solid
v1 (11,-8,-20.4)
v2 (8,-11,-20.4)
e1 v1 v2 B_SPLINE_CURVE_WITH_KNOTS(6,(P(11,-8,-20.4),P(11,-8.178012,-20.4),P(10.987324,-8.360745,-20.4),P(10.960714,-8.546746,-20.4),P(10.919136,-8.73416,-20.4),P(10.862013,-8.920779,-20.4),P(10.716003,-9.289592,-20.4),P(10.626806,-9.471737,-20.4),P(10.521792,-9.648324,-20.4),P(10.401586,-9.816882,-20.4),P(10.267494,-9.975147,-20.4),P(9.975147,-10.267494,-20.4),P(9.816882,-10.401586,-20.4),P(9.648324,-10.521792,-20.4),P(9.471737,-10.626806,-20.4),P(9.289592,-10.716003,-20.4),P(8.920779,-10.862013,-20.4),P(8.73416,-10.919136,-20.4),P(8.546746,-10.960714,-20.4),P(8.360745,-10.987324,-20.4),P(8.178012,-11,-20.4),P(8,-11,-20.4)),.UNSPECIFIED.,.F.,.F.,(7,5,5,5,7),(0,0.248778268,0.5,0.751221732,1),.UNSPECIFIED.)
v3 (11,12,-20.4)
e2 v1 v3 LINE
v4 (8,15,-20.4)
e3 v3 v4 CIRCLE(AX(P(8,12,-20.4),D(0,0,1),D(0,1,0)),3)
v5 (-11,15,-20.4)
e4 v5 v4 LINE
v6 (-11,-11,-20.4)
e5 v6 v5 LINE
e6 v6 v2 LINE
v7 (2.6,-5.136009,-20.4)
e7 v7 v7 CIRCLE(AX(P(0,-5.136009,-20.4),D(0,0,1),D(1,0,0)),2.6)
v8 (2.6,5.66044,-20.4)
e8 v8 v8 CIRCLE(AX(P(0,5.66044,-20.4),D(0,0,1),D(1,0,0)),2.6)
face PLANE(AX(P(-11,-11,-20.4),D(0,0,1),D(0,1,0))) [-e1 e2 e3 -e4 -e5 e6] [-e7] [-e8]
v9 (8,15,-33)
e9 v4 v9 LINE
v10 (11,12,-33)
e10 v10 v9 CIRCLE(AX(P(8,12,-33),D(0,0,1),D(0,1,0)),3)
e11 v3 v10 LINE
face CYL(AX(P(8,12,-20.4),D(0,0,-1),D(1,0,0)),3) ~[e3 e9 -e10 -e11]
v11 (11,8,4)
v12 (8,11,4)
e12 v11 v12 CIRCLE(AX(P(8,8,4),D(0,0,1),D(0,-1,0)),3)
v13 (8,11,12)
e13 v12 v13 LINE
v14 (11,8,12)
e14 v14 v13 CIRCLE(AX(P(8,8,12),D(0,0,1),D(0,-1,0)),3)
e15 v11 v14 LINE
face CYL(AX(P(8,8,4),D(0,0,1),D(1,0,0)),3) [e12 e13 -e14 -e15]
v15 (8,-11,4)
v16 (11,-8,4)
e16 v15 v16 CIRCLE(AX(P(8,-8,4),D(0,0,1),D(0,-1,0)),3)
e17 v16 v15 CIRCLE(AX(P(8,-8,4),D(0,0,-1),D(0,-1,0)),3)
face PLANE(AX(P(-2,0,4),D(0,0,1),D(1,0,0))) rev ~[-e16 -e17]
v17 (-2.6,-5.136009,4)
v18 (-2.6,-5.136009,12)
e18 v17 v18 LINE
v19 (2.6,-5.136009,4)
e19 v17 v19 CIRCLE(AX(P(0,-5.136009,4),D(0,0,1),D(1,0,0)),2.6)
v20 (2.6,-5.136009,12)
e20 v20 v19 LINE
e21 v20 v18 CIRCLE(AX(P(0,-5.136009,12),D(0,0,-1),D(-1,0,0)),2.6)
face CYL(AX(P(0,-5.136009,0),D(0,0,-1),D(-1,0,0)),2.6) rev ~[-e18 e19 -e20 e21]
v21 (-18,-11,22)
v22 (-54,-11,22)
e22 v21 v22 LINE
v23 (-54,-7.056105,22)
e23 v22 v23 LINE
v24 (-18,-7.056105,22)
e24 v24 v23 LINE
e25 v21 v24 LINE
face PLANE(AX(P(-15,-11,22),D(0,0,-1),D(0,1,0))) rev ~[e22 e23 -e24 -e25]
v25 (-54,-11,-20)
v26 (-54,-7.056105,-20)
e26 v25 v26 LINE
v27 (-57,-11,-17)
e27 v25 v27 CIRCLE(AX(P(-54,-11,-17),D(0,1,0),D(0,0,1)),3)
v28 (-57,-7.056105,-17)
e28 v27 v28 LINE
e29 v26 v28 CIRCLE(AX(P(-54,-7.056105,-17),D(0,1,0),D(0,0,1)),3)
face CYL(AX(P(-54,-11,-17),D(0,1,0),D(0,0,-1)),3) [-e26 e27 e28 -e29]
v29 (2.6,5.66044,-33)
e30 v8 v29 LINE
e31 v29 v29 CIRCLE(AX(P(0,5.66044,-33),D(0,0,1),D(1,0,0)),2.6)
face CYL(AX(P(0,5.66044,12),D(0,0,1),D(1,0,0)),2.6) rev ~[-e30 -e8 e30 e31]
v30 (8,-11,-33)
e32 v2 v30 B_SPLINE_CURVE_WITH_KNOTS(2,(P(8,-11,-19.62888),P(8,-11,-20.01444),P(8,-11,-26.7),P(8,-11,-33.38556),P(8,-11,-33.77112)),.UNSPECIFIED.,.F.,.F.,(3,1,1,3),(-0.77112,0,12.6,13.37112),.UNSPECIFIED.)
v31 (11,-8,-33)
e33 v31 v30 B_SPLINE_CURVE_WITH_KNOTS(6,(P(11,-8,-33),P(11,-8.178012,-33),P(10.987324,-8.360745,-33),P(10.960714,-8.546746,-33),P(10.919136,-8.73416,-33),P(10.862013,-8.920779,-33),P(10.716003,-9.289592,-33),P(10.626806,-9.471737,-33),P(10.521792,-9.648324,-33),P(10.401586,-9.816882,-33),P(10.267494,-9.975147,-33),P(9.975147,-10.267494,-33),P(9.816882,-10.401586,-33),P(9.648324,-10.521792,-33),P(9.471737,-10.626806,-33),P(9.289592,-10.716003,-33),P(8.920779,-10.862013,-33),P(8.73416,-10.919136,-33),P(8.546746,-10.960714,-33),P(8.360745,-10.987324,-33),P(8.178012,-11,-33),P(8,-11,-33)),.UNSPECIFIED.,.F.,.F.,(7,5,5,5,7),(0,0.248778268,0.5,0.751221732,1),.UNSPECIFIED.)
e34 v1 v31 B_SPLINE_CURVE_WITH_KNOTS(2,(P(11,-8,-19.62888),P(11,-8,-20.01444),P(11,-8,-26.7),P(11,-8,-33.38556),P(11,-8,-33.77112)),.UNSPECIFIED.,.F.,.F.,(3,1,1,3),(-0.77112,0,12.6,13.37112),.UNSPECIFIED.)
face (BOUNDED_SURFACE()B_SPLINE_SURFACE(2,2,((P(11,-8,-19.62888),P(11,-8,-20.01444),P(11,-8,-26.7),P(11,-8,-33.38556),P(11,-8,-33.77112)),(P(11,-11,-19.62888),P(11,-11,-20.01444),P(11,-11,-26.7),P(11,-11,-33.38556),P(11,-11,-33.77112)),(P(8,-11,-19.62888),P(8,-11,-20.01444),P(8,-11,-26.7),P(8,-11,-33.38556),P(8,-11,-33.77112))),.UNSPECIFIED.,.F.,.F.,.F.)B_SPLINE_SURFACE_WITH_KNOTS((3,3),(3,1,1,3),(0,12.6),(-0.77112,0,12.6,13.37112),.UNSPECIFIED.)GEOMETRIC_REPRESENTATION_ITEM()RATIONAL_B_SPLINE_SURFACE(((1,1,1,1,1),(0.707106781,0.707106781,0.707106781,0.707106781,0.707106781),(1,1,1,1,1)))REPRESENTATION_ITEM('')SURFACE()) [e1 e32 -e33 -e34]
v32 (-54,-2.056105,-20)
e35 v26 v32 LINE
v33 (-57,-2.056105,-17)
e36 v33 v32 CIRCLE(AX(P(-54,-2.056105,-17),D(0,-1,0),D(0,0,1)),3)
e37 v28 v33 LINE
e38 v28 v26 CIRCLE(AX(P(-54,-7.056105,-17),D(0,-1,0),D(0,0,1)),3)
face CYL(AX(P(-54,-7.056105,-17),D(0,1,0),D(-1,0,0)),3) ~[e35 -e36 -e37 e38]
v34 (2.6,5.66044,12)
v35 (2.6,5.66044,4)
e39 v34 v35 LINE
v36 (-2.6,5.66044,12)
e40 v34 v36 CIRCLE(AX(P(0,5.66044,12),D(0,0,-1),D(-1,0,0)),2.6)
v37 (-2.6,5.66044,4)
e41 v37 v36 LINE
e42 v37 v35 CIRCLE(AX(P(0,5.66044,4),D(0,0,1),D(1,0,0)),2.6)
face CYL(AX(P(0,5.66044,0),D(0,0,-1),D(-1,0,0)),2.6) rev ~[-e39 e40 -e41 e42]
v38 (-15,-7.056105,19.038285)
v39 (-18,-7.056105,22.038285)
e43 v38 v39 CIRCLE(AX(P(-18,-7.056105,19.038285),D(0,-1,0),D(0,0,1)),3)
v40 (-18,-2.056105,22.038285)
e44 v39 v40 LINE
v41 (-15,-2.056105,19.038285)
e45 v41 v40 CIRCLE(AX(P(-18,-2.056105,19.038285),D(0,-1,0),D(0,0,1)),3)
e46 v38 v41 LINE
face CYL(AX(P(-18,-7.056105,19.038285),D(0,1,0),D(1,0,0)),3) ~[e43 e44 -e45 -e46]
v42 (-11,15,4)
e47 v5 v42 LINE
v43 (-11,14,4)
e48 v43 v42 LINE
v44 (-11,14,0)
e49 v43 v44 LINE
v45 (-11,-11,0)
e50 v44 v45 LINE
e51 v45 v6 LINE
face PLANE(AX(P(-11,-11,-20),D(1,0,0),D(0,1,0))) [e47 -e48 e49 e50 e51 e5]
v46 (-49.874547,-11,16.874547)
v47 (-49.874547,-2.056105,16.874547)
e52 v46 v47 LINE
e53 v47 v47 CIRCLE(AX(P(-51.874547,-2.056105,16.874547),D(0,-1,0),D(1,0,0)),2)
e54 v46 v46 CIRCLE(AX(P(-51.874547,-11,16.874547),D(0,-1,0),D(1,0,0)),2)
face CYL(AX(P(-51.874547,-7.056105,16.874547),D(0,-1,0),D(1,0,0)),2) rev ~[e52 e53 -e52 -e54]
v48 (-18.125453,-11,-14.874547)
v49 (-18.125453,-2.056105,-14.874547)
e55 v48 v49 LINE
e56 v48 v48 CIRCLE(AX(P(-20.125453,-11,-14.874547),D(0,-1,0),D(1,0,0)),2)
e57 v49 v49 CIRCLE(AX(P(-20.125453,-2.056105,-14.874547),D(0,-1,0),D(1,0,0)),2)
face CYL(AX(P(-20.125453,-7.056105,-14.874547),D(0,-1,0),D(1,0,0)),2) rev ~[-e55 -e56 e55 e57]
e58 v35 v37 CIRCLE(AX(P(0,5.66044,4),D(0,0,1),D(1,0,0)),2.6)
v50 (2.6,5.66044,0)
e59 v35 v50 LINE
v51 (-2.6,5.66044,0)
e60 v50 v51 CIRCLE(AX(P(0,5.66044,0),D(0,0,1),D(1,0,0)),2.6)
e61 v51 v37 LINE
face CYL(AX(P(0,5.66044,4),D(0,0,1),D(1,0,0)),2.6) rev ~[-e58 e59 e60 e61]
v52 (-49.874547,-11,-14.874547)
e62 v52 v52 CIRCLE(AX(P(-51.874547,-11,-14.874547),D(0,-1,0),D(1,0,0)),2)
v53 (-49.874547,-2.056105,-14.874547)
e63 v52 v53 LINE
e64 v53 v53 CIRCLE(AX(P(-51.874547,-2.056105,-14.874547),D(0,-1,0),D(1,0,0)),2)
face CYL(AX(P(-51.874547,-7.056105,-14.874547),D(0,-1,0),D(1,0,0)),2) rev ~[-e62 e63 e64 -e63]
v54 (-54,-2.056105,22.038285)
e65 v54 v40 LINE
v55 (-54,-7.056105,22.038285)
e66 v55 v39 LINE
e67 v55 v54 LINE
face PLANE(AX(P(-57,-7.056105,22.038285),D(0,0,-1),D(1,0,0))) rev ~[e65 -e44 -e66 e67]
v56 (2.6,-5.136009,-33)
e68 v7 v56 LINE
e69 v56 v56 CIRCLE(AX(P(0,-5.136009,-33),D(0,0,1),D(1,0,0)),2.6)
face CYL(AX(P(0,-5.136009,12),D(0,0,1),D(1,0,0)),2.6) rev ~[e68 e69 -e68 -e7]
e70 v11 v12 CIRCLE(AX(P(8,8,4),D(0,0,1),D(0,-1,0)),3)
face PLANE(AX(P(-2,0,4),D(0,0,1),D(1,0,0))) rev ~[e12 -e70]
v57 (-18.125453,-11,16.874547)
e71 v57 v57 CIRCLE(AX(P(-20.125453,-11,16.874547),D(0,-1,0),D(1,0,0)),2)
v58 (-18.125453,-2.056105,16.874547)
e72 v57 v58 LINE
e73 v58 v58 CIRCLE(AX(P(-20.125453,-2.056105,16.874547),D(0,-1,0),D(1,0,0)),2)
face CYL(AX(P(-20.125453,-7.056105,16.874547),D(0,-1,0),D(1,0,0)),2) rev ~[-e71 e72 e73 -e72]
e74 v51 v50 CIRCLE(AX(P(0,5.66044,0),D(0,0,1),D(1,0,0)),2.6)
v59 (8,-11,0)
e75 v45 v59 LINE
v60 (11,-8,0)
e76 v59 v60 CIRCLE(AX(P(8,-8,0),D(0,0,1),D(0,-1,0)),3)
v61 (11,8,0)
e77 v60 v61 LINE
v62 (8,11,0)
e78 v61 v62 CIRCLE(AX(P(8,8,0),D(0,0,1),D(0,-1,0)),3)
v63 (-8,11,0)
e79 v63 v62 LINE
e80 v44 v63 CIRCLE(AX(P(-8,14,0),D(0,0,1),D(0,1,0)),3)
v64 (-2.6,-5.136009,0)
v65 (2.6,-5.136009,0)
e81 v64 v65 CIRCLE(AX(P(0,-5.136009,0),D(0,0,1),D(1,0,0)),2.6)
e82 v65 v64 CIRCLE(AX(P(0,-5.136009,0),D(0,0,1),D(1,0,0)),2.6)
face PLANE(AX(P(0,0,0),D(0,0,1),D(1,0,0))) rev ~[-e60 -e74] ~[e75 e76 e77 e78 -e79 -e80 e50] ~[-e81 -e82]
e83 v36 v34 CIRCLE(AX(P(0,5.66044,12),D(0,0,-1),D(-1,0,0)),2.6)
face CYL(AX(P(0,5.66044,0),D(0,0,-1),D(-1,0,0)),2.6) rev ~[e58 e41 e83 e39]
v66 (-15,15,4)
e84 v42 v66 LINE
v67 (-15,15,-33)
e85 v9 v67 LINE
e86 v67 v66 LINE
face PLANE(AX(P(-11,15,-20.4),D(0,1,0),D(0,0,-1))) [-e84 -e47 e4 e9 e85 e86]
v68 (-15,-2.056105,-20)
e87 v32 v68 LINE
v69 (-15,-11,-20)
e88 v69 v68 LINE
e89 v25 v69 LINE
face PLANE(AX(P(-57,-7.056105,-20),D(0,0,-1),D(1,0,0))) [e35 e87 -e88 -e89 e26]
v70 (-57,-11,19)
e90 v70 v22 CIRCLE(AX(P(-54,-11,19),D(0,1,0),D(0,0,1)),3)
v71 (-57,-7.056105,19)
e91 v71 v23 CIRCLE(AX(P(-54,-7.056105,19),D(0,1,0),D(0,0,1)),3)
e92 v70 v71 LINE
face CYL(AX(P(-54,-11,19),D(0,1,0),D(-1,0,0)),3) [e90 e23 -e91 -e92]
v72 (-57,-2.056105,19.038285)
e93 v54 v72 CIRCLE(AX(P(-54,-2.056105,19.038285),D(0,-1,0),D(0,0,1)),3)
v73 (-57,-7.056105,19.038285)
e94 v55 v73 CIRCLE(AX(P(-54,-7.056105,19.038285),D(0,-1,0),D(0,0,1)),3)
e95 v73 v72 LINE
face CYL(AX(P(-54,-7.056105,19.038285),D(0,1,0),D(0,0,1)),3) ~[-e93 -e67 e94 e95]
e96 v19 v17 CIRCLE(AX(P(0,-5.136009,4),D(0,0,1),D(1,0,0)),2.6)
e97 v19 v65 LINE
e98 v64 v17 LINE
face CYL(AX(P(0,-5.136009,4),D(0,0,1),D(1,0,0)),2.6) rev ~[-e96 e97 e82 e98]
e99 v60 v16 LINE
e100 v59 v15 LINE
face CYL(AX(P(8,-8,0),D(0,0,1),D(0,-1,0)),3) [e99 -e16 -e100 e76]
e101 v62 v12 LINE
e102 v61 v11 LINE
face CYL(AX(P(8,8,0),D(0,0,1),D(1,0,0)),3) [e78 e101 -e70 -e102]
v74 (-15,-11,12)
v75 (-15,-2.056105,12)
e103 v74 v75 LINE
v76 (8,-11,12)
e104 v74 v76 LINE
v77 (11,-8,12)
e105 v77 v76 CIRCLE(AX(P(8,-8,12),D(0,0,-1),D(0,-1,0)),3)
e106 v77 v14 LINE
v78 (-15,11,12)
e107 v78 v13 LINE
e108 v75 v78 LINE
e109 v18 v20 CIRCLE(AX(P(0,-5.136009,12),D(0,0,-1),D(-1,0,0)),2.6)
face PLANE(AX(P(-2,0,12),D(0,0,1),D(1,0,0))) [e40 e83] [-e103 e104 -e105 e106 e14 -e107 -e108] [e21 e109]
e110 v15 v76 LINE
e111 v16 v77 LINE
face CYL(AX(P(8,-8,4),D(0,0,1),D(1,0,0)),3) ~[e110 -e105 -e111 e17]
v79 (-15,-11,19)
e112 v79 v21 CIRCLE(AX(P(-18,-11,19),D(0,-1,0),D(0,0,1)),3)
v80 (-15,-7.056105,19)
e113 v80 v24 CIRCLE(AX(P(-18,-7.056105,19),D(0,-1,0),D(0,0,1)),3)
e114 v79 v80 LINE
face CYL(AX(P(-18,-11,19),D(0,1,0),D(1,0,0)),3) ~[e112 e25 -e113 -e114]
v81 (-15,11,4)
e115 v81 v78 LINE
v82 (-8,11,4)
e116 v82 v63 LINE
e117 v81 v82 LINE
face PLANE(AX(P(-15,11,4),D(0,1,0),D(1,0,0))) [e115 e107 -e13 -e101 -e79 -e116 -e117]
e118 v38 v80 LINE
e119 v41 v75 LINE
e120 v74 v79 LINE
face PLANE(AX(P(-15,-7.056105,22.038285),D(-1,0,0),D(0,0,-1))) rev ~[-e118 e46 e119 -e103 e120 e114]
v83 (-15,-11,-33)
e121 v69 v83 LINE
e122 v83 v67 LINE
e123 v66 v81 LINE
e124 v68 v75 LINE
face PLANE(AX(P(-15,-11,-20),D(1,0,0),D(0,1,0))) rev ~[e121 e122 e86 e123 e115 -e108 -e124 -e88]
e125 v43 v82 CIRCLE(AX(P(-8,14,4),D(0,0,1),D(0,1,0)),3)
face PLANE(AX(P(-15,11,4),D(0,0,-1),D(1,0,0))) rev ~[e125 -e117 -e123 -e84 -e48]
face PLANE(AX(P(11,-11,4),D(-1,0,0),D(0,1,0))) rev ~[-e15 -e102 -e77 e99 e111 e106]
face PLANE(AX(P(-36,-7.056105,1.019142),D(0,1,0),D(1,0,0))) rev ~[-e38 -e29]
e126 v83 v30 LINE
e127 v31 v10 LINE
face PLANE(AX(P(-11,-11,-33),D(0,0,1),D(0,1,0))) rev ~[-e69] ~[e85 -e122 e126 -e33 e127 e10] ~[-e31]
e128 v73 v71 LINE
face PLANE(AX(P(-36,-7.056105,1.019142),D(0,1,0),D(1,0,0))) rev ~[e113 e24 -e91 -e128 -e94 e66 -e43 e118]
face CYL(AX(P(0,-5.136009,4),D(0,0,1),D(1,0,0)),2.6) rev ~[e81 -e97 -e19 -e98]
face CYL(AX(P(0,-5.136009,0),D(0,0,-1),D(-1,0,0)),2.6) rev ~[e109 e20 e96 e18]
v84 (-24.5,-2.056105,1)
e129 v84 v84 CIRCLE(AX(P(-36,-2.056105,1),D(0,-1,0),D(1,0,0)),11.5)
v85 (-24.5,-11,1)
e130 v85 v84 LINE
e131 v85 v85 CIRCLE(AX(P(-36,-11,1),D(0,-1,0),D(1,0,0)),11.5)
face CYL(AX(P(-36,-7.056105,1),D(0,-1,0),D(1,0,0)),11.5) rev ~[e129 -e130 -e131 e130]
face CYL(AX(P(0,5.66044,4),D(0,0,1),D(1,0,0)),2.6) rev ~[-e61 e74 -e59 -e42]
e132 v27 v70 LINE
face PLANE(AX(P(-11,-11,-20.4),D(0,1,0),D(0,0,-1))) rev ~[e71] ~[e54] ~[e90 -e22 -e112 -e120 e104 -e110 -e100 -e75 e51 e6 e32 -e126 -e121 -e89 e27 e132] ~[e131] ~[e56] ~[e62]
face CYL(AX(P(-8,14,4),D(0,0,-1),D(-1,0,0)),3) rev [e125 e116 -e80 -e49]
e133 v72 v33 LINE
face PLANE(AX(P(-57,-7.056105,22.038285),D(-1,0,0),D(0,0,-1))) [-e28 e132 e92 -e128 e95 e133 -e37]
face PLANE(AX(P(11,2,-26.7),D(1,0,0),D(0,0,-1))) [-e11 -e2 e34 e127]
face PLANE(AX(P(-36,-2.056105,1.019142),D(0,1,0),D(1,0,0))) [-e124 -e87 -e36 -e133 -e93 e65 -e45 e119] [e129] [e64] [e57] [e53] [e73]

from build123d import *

# Parameters (mm, degrees)
SKETCH1_W            = 22
SKETCH1_H            = 22
BOSS_EXTRUDE2_DEPTH  = 4
SKETCH3_W            = 4
SKETCH3_H            = 22
BOSS_EXTRUDE3_DEPTH  = 24
SKETCH4_W            = 4
SKETCH4_H            = 24
BOSS_EXTRUDE4_DEPTH  = 4
SKETCH5_W            = 24
SKETCH5_H            = 4
BOSS_EXTRUDE5_DEPTH  = 24
SKETCH6_W            = 42
SKETCH6_H            = 3.943894778
BOSS_EXTRUDE6_DEPTH  = 42
SKETCH8_W            = 42
SKETCH8_H            = 42
BOSS_EXTRUDE7_DEPTH  = 4
SKETCH9_R            = 11.5
CUT_EXTRUDE1_DEPTH   = 4
SKETCH10_R           = 2.6
CUT_EXTRUDE2_DEPTH   = 4
SKETCH11_R           = 2.6
CUT_EXTRUDE3_DEPTH   = 4
FILLET1_R            = 3
SKETCH12_W           = 11.614383954
SKETCH12_H           = 9.896110461
BOSS_EXTRUDE8_DEPTH  = 4
SKETCH13_R           = 2.6
CUT_EXTRUDE5_DEPTH   = 4
SKETCH15_R           = 2
CUT_EXTRUDE7_DEPTH   = 27
SKETCH16_W           = 42
SKETCH16_H           = 42
CUT_EXTRUDE8_DEPTH   = 10
SKETCH17_W           = 42
SKETCH17_H           = 42.03828493
BOSS_EXTRUDE9_DEPTH  = 5
FILLET2_R            = 3
FILLET3_R            = 3
SKETCH18_R           = 2
SKETCH18_R_2         = 11.5
CUT_EXTRUDE9_DEPTH   = 5
SKETCH19_W           = 26
SKETCH19_H           = 22
BOSS_EXTRUDE11_DEPTH = 8
FILLET4_R            = 3
FILLET5_R            = 3
SKETCH20_W           = 4
SKETCH20_H           = 20
BOSS_EXTRUDE12_DEPTH = 26
SKETCH21_W           = 4
SKETCH21_H           = 26
BOSS_EXTRUDE13_DEPTH = 13
SKETCH25_W           = 12.6
SKETCH25_H           = 26
BOSS_EXTRUDE15_DEPTH = 22
FILLET8_R            = 3
FILLET9_R            = 3
SKETCH27_R           = 2.6
CUT_EXTRUDE10_DEPTH  = 22
SKETCH28_R           = 2.6
CUT_EXTRUDE11_DEPTH  = 46.0000001


with BuildPart() as part:
    # Sketch1 → Boss-Extrude2 (new body)
    with BuildSketch(Plane.XY):
        Rectangle(SKETCH1_W, SKETCH1_H)
    extrude(amount=BOSS_EXTRUDE2_DEPTH)

    # Sketch3 → Boss-Extrude3 (add)
    with BuildSketch(Plane.XY.offset(4)):
        with Locations((-13, 0)):
            Rectangle(SKETCH3_W, SKETCH3_H)
    extrude(amount=-BOSS_EXTRUDE3_DEPTH)

    # Sketch4 → Boss-Extrude4 (add)
    with BuildSketch(Plane(origin=(0, 11, 0), x_dir=(1, 0, 0), z_dir=(0, 1, 0))):
        with Locations((-13, 8)):
            Rectangle(SKETCH4_W, SKETCH4_H)
    extrude(amount=BOSS_EXTRUDE4_DEPTH)

    # Sketch5 → Boss-Extrude5 (add)
    with BuildSketch(Plane(origin=(-11, 0, 0), x_dir=(0, 0, -1), z_dir=(1, 0, 0))):
        with Locations((8, 13)):
            Rectangle(SKETCH5_W, SKETCH5_H)
    extrude(amount=-BOSS_EXTRUDE5_DEPTH)

    # Sketch6 → Boss-Extrude6 (add)
    with BuildSketch(Plane.ZY.offset(15)):
        with Locations((1, -9.028052611)):
            Rectangle(SKETCH6_W, SKETCH6_H)
    extrude(amount=BOSS_EXTRUDE6_DEPTH)

    # Sketch8 → Boss-Extrude7 (add)
    with BuildSketch(Plane(origin=(0, 15, 0), x_dir=(1, 0, 0), z_dir=(0, 1, 0))):
        with Locations((-36, -1)):
            Rectangle(SKETCH8_W, SKETCH8_H)
    extrude(amount=-BOSS_EXTRUDE7_DEPTH)

    # Sketch9 → Cut-Extrude1 (cut)
    with BuildSketch(Plane.XZ.offset(11)):
        with Locations((-36, 1)):
            Circle(SKETCH9_R)
    extrude(amount=-CUT_EXTRUDE1_DEPTH, mode=Mode.SUBTRACT)

    # Sketch10 → Cut-Extrude2 (cut)
    with BuildSketch(Plane(origin=(0, 15, 0), x_dir=(1, 0, 0), z_dir=(0, 1, 0))):
        with Locations((-34, -1)):
            Circle(SKETCH10_R)
    extrude(amount=-CUT_EXTRUDE2_DEPTH, mode=Mode.SUBTRACT)

    # Sketch11 → Cut-Extrude3 (cut)
    with BuildSketch(Plane.XY.offset(4)):
        with Locations((0, 5.660439733)):
            Circle(SKETCH11_R)
        with Locations((0, -5.136008772)):
            Circle(SKETCH11_R)
    extrude(amount=-CUT_EXTRUDE3_DEPTH, mode=Mode.SUBTRACT)

    # Fillet1
    fillet1_edges = [part.edges().sort_by_distance(p)[0] for p in [
        (-11, 2, -20),
        (-11, 11, 2),
        (-15, -9.028052611, 22),
        (-57, -9.028052611, -20),
        (-57, -9.028052611, 22),
        (11, -11, 2),
        (11, 11, 2),
        (-57, 13, 22),
        (-57, 13, -20),
        (-15, 13, 22),
    ]]
    fillet(fillet1_edges, radius=FILLET1_R)

    # Sketch12 → Boss-Extrude8 (add)
    with BuildSketch(Plane(origin=(0, 15, 0), x_dir=(1, 0, 0), z_dir=(0, 1, 0))):
        with Locations((-34.256477643, -1.105652727)):
            Rectangle(SKETCH12_W, SKETCH12_H)
    extrude(amount=-BOSS_EXTRUDE8_DEPTH)

    # Sketch13 → Cut-Extrude5 (cut)
    with BuildSketch(Plane.XZ.offset(-11)):
        with Locations((-36, 1)):
            Circle(SKETCH13_R)
    extrude(amount=-CUT_EXTRUDE5_DEPTH, mode=Mode.SUBTRACT)

    # Sketch15 → Cut-Extrude7 (cut, through all)
    with BuildSketch(Plane.XZ.offset(11)):
        with Locations((-20.125452762, 16.874547238)):
            Circle(SKETCH15_R)
        with Locations((-51.874547238, 16.874547238)):
            Circle(SKETCH15_R)
        with Locations((-51.874547238, -14.874547238)):
            Circle(SKETCH15_R)
        with Locations((-20.125452762, -14.874547238)):
            Circle(SKETCH15_R)
    extrude(amount=-CUT_EXTRUDE7_DEPTH, mode=Mode.SUBTRACT)

    # Sketch16 → Cut-Extrude8 (cut)
    with BuildSketch(Plane.XZ.offset(-11)):
        with Locations((-36, 1)):
            Rectangle(SKETCH16_W, SKETCH16_H)
    extrude(amount=-CUT_EXTRUDE8_DEPTH, mode=Mode.SUBTRACT)

    # Sketch17 → Boss-Extrude9 (add)
    with BuildSketch(Plane(origin=(0, -7.056105222, 0), x_dir=(1, 0, 0), z_dir=(0, 1, 0))):
        with Locations((-36, -1.019142465)):
            Rectangle(SKETCH17_W, SKETCH17_H)
    extrude(amount=BOSS_EXTRUDE9_DEPTH)

    # Fillet2
    fillet2_edges = [part.edges().sort_by_distance(p)[0] for p in [
        (-15, -4.556105222, 22.03828493),
    ]]
    fillet(fillet2_edges, radius=FILLET2_R)

    # Fillet3
    fillet3_edges = [part.edges().sort_by_distance(p)[0] for p in [
        (-57, -4.556105222, -20),
        (-57, -4.556105222, 22.03828493),
    ]]
    fillet(fillet3_edges, radius=FILLET3_R)

    # Sketch18 → Cut-Extrude9 (cut)
    with BuildSketch(Plane.XZ.offset(7.056105222)):
        with Locations((-20.125452762, 16.874547238)):
            Circle(SKETCH18_R)
        with Locations((-51.874547238, 16.874547238)):
            Circle(SKETCH18_R)
        with Locations((-51.874547238, -14.874547238)):
            Circle(SKETCH18_R)
        with Locations((-20.125452762, -14.874547238)):
            Circle(SKETCH18_R)
        with Locations((-36, 1)):
            Circle(SKETCH18_R_2)
    extrude(amount=-CUT_EXTRUDE9_DEPTH, mode=Mode.SUBTRACT)

    # Sketch19 → Boss-Extrude11 (add)
    with BuildSketch(Plane.XY.offset(4)):
        with Locations((-2, 0)):
            Rectangle(SKETCH19_W, SKETCH19_H)
    extrude(amount=BOSS_EXTRUDE11_DEPTH)

    # Fillet4
    fillet4_edges = [part.edges().sort_by_distance(p)[0] for p in [
        (11, 11, 8),
    ]]
    fillet(fillet4_edges, radius=FILLET4_R)

    # Fillet5
    fillet5_edges = [part.edges().sort_by_distance(p)[0] for p in [
        (11, -11, 8),
    ]]
    fillet(fillet5_edges, radius=FILLET5_R)

    # Sketch20 → Boss-Extrude12 (add, through all)
    with BuildSketch(Plane(origin=(0, 15, 0), x_dir=(1, 0, 0), z_dir=(0, 1, 0))):
        with Locations((-13, 10)):
            Rectangle(SKETCH20_W, SKETCH20_H)
    extrude(amount=-BOSS_EXTRUDE12_DEPTH)

    # Sketch21 → Boss-Extrude13 (add)
    with BuildSketch(Plane(origin=(0, 0, -20), x_dir=(-1, 0, 0), z_dir=(0, 0, -1))):
        with Locations((13, 2)):
            Rectangle(SKETCH21_W, SKETCH21_H)
    extrude(amount=BOSS_EXTRUDE13_DEPTH)

    # Sketch25 → Boss-Extrude15 (add)
    with BuildSketch(Plane(origin=(-11, 0, 0), x_dir=(0, 0, -1), z_dir=(1, 0, 0))):
        with Locations((26.7, 2)):
            Rectangle(SKETCH25_W, SKETCH25_H)
    extrude(amount=BOSS_EXTRUDE15_DEPTH)

    # Fillet8
    fillet8_edges = [part.edges().sort_by_distance(p)[0] for p in [
        (11, 15, -26.7),
    ]]
    fillet(fillet8_edges, radius=FILLET8_R)

    # Fillet9
    fillet9_edges = [part.edges().sort_by_distance(p)[0] for p in [
        (11, -11, -26.7),
    ]]
    fillet(fillet9_edges, radius=FILLET9_R)

    # Sketch27 → Cut-Extrude10 (cut)
    with BuildSketch(Plane(origin=(0, 0, 0), x_dir=(-1, 0, 0), z_dir=(0, 0, -1))):
        with Locations((0, 5.660439733)):
            Circle(SKETCH27_R)
        with Locations((0, -5.136008772)):
            Circle(SKETCH27_R)
    extrude(amount=-CUT_EXTRUDE10_DEPTH, mode=Mode.SUBTRACT)

    # Sketch28 → Cut-Extrude11 (cut, through all)
    with BuildSketch(Plane.XY.offset(12)):
        with Locations((0, 5.660439733)):
            Circle(SKETCH28_R)
        with Locations((0, -5.136008772)):
            Circle(SKETCH28_R)
    extrude(amount=-CUT_EXTRUDE11_DEPTH, mode=Mode.SUBTRACT)


solid = part.part
